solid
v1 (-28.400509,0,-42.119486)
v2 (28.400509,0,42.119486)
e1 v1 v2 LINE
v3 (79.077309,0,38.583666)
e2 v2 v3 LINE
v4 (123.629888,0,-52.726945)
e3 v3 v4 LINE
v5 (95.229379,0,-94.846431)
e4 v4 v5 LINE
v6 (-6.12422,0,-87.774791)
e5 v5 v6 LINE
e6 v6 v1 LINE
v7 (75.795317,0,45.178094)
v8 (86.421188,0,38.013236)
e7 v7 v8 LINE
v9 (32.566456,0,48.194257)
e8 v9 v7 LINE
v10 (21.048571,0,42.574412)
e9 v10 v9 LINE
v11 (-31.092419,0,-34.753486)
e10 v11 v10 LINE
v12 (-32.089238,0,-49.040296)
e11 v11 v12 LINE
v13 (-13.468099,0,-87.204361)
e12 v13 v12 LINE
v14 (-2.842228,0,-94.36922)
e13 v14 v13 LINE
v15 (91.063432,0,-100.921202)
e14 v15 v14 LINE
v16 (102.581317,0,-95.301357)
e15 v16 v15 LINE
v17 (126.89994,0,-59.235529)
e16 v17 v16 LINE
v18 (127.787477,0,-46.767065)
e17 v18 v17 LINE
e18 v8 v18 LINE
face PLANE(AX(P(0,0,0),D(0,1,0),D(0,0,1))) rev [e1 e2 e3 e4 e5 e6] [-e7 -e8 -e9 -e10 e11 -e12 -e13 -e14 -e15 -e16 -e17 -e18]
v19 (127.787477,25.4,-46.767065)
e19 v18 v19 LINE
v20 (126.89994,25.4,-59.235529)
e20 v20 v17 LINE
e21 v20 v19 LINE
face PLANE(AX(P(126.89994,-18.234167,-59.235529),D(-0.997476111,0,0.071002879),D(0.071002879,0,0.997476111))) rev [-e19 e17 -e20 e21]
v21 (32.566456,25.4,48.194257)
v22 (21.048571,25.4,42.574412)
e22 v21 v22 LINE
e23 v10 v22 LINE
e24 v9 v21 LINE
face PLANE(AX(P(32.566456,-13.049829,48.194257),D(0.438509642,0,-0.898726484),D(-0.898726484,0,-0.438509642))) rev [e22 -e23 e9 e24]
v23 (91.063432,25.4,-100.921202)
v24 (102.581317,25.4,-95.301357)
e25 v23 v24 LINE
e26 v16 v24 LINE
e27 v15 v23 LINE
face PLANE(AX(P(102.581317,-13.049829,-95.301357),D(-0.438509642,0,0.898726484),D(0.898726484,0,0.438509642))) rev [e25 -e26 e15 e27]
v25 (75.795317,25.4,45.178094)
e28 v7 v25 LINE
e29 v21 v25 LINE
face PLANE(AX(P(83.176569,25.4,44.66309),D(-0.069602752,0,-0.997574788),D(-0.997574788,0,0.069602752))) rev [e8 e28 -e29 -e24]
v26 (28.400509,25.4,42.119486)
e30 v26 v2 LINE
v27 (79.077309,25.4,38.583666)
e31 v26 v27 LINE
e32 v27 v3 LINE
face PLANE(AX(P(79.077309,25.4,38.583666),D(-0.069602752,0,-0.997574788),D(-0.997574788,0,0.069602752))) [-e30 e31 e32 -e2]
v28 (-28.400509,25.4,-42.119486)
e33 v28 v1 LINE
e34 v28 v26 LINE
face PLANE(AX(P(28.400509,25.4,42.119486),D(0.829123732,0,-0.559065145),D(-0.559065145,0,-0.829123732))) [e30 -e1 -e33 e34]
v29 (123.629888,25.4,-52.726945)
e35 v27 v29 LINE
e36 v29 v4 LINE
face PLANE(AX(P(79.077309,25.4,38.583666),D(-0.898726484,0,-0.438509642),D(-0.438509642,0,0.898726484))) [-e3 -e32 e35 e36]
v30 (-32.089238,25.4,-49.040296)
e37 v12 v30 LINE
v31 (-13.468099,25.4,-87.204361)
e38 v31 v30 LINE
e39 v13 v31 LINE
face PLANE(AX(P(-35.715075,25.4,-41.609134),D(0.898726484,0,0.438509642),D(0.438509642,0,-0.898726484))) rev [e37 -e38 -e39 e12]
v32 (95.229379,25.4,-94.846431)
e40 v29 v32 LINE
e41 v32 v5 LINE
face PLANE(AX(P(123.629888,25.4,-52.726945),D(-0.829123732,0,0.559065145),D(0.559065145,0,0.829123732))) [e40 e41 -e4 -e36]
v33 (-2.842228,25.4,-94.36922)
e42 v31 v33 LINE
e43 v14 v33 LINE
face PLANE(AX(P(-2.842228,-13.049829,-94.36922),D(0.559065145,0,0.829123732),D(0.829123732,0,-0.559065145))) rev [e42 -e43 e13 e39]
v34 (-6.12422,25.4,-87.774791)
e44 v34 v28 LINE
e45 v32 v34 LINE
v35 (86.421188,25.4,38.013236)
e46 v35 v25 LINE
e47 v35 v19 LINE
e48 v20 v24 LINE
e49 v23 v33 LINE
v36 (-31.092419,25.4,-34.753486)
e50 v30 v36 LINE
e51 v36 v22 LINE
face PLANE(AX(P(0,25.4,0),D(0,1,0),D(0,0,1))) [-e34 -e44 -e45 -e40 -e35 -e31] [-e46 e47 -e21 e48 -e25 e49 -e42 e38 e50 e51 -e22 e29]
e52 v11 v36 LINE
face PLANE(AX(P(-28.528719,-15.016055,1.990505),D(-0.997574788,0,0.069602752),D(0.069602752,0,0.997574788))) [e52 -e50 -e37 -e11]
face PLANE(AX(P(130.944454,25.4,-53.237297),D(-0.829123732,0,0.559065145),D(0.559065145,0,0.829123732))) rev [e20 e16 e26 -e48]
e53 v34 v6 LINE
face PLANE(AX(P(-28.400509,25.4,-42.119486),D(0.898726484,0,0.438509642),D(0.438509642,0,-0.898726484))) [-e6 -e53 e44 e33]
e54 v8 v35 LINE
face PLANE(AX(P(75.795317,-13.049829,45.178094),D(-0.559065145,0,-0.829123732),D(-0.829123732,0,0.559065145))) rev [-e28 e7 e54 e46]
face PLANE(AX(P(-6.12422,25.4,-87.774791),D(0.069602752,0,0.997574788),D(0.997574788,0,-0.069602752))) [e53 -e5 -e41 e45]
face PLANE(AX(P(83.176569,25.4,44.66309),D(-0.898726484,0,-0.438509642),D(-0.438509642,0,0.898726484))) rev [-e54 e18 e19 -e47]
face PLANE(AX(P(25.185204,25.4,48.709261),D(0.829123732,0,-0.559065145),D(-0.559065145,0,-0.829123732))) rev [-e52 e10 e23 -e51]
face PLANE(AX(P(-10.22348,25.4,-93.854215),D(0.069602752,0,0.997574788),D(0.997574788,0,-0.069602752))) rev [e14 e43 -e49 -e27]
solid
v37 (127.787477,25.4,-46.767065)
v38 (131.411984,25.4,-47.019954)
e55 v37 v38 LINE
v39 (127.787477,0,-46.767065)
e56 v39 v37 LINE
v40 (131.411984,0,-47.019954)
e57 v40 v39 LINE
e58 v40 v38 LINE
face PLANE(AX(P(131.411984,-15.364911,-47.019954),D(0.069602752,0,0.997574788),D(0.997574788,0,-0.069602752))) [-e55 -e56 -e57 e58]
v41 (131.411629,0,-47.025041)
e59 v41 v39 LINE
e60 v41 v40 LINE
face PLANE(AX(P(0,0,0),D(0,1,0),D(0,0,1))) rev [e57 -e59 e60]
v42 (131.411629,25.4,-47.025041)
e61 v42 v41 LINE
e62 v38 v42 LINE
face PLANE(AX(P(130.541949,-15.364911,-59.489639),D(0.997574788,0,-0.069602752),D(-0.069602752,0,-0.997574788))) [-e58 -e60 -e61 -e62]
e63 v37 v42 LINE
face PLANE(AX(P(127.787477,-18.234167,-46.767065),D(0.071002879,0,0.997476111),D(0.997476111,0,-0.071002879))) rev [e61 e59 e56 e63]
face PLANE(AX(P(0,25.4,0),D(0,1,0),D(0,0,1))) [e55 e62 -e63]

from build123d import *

# Parameters (mm, degrees)
BOSS_EXTRUDE1_DEPTH = 25.4
BOSS_EXTRUDE2_DEPTH = 25.4
SKETCH3_R           = 2
BOSS_EXTRUDE3_DEPTH = 5
CUT_EXTRUDE1_DEPTH  = 25.4
CUT_EXTRUDE7_DEPTH  = 25.4
CUT_EXTRUDE8_DEPTH  = 25.4


with BuildPart() as part:
    # Sketch1 → Boss-Extrude1 (new body)
    with BuildSketch(Plane(origin=(0, 0, 0), x_dir=(1, 0, 0), z_dir=(0, 1, 0))):
        Polygon((83.176569024, -44.663089882), (25.185203896, -48.709261314), (-35.715075295, 41.609133969), (-10.223479979, 93.854215086), (98.44468436, 101.436206322), (130.944454172, 53.237296637), align=None)
        Polygon((28.400509379, -42.119485598), (-28.400509379, 42.119485598), (-6.124219546, 87.774790999), (95.229378877, 94.846430606), (123.629888256, 52.726945008), (79.07730859, -38.583665795), align=None, mode=Mode.SUBTRACT)
    extrude(amount=BOSS_EXTRUDE1_DEPTH)

    # Sketch2 → Boss-Extrude2 (add)
    with BuildSketch(Plane(origin=(0, 25.4, 0), x_dir=(1, 0, 0), z_dir=(0, 1, 0))):
        Polygon((123.193813482, 58.976945008), (124.063847882, 46.507260162), (131.411983768, 47.019954034), (130.541949367, 59.489638879), align=None)
    extrude(amount=-BOSS_EXTRUDE2_DEPTH)

    # Sketch3 → Boss-Extrude3 (add)
    with BuildSketch(Plane(origin=(134.040133914, 0, -9.35224338), x_dir=(-0.06960275203236939, 0, -0.9975747876272337), z_dir=(0.9975747876272337, 0, -0.06960275203236939))):
        with Locations(Location((41.009284939, 23.4, 0), (0, 0, 90))):
            Circle(SKETCH3_R)
        with Locations(Location((47.009284939, 23.4, 0), (0, 0, 180))):
            Circle(SKETCH3_R)
    extrude(amount=BOSS_EXTRUDE3_DEPTH)

    # Sketch4 → Cut-Extrude1 (cut)
    with BuildSketch(Plane(origin=(0, 25.4, 0), x_dir=(1, 0, 0), z_dir=(0, 1, 0))):
        Polygon((126.899940216, 59.235528748), (127.787477079, 46.767065084), (139.380441548, 47.592281694), (138.492904685, 60.060745358), align=None)
    extrude(amount=-CUT_EXTRUDE1_DEPTH, mode=Mode.SUBTRACT)


with BuildPart() as cut_extrude1_piece_1:
    # of the separate pieces the step leaves, piece 1, a body of its own (cut_extrude1_pieces)
    add(part.part.solids().sort_by_distance((83.176569024, 0, 44.663089882))[0])

    # Sketch5 → Cut-Extrude7 (cut)
    with BuildSketch(Plane(origin=(0, 25.4, 0), x_dir=(1, 0, 0), z_dir=(0, 1, 0))):
        Polygon((-31.092418985, 34.753485598), (-32.089237801, 49.040295952), (-35.715075295, 41.609133969), align=None)
    extrude(amount=-CUT_EXTRUDE7_DEPTH, mode=Mode.SUBTRACT)

    # Sketch7 → Cut-Extrude8 (cut)
    with BuildSketch(Plane(origin=(0, 25.4, 0), x_dir=(1, 0, 0), z_dir=(0, 1, 0))):
        Polygon((75.795317069, -45.178094326), (86.421188069, -38.013235955), (83.176569024, -44.663089882), align=None)
        Polygon((21.048570986, -42.574411832), (25.185203896, -48.709261314), (32.56645585, -48.194256869), align=None)
        Polygon((-10.223479979, 93.854215086), (-2.842228025, 94.369219531), (-13.468099024, 87.20436116), align=None)
        Polygon((91.063432406, 100.921201877), (98.44468436, 101.436206322), (102.581317269, 95.30135684), align=None)
    extrude(amount=-CUT_EXTRUDE8_DEPTH, mode=Mode.SUBTRACT)


with BuildPart() as cut_extrude1_piece_2:
    # of the separate pieces the step leaves, piece 2, a body of its own (cut_extrude1_pieces)
    add(part.part.solids().sort_by_distance((131.411983768, 25.4, -47.019954034))[0])


solid = Compound([cut_extrude1_piece_1.part, cut_extrude1_piece_2.part])
